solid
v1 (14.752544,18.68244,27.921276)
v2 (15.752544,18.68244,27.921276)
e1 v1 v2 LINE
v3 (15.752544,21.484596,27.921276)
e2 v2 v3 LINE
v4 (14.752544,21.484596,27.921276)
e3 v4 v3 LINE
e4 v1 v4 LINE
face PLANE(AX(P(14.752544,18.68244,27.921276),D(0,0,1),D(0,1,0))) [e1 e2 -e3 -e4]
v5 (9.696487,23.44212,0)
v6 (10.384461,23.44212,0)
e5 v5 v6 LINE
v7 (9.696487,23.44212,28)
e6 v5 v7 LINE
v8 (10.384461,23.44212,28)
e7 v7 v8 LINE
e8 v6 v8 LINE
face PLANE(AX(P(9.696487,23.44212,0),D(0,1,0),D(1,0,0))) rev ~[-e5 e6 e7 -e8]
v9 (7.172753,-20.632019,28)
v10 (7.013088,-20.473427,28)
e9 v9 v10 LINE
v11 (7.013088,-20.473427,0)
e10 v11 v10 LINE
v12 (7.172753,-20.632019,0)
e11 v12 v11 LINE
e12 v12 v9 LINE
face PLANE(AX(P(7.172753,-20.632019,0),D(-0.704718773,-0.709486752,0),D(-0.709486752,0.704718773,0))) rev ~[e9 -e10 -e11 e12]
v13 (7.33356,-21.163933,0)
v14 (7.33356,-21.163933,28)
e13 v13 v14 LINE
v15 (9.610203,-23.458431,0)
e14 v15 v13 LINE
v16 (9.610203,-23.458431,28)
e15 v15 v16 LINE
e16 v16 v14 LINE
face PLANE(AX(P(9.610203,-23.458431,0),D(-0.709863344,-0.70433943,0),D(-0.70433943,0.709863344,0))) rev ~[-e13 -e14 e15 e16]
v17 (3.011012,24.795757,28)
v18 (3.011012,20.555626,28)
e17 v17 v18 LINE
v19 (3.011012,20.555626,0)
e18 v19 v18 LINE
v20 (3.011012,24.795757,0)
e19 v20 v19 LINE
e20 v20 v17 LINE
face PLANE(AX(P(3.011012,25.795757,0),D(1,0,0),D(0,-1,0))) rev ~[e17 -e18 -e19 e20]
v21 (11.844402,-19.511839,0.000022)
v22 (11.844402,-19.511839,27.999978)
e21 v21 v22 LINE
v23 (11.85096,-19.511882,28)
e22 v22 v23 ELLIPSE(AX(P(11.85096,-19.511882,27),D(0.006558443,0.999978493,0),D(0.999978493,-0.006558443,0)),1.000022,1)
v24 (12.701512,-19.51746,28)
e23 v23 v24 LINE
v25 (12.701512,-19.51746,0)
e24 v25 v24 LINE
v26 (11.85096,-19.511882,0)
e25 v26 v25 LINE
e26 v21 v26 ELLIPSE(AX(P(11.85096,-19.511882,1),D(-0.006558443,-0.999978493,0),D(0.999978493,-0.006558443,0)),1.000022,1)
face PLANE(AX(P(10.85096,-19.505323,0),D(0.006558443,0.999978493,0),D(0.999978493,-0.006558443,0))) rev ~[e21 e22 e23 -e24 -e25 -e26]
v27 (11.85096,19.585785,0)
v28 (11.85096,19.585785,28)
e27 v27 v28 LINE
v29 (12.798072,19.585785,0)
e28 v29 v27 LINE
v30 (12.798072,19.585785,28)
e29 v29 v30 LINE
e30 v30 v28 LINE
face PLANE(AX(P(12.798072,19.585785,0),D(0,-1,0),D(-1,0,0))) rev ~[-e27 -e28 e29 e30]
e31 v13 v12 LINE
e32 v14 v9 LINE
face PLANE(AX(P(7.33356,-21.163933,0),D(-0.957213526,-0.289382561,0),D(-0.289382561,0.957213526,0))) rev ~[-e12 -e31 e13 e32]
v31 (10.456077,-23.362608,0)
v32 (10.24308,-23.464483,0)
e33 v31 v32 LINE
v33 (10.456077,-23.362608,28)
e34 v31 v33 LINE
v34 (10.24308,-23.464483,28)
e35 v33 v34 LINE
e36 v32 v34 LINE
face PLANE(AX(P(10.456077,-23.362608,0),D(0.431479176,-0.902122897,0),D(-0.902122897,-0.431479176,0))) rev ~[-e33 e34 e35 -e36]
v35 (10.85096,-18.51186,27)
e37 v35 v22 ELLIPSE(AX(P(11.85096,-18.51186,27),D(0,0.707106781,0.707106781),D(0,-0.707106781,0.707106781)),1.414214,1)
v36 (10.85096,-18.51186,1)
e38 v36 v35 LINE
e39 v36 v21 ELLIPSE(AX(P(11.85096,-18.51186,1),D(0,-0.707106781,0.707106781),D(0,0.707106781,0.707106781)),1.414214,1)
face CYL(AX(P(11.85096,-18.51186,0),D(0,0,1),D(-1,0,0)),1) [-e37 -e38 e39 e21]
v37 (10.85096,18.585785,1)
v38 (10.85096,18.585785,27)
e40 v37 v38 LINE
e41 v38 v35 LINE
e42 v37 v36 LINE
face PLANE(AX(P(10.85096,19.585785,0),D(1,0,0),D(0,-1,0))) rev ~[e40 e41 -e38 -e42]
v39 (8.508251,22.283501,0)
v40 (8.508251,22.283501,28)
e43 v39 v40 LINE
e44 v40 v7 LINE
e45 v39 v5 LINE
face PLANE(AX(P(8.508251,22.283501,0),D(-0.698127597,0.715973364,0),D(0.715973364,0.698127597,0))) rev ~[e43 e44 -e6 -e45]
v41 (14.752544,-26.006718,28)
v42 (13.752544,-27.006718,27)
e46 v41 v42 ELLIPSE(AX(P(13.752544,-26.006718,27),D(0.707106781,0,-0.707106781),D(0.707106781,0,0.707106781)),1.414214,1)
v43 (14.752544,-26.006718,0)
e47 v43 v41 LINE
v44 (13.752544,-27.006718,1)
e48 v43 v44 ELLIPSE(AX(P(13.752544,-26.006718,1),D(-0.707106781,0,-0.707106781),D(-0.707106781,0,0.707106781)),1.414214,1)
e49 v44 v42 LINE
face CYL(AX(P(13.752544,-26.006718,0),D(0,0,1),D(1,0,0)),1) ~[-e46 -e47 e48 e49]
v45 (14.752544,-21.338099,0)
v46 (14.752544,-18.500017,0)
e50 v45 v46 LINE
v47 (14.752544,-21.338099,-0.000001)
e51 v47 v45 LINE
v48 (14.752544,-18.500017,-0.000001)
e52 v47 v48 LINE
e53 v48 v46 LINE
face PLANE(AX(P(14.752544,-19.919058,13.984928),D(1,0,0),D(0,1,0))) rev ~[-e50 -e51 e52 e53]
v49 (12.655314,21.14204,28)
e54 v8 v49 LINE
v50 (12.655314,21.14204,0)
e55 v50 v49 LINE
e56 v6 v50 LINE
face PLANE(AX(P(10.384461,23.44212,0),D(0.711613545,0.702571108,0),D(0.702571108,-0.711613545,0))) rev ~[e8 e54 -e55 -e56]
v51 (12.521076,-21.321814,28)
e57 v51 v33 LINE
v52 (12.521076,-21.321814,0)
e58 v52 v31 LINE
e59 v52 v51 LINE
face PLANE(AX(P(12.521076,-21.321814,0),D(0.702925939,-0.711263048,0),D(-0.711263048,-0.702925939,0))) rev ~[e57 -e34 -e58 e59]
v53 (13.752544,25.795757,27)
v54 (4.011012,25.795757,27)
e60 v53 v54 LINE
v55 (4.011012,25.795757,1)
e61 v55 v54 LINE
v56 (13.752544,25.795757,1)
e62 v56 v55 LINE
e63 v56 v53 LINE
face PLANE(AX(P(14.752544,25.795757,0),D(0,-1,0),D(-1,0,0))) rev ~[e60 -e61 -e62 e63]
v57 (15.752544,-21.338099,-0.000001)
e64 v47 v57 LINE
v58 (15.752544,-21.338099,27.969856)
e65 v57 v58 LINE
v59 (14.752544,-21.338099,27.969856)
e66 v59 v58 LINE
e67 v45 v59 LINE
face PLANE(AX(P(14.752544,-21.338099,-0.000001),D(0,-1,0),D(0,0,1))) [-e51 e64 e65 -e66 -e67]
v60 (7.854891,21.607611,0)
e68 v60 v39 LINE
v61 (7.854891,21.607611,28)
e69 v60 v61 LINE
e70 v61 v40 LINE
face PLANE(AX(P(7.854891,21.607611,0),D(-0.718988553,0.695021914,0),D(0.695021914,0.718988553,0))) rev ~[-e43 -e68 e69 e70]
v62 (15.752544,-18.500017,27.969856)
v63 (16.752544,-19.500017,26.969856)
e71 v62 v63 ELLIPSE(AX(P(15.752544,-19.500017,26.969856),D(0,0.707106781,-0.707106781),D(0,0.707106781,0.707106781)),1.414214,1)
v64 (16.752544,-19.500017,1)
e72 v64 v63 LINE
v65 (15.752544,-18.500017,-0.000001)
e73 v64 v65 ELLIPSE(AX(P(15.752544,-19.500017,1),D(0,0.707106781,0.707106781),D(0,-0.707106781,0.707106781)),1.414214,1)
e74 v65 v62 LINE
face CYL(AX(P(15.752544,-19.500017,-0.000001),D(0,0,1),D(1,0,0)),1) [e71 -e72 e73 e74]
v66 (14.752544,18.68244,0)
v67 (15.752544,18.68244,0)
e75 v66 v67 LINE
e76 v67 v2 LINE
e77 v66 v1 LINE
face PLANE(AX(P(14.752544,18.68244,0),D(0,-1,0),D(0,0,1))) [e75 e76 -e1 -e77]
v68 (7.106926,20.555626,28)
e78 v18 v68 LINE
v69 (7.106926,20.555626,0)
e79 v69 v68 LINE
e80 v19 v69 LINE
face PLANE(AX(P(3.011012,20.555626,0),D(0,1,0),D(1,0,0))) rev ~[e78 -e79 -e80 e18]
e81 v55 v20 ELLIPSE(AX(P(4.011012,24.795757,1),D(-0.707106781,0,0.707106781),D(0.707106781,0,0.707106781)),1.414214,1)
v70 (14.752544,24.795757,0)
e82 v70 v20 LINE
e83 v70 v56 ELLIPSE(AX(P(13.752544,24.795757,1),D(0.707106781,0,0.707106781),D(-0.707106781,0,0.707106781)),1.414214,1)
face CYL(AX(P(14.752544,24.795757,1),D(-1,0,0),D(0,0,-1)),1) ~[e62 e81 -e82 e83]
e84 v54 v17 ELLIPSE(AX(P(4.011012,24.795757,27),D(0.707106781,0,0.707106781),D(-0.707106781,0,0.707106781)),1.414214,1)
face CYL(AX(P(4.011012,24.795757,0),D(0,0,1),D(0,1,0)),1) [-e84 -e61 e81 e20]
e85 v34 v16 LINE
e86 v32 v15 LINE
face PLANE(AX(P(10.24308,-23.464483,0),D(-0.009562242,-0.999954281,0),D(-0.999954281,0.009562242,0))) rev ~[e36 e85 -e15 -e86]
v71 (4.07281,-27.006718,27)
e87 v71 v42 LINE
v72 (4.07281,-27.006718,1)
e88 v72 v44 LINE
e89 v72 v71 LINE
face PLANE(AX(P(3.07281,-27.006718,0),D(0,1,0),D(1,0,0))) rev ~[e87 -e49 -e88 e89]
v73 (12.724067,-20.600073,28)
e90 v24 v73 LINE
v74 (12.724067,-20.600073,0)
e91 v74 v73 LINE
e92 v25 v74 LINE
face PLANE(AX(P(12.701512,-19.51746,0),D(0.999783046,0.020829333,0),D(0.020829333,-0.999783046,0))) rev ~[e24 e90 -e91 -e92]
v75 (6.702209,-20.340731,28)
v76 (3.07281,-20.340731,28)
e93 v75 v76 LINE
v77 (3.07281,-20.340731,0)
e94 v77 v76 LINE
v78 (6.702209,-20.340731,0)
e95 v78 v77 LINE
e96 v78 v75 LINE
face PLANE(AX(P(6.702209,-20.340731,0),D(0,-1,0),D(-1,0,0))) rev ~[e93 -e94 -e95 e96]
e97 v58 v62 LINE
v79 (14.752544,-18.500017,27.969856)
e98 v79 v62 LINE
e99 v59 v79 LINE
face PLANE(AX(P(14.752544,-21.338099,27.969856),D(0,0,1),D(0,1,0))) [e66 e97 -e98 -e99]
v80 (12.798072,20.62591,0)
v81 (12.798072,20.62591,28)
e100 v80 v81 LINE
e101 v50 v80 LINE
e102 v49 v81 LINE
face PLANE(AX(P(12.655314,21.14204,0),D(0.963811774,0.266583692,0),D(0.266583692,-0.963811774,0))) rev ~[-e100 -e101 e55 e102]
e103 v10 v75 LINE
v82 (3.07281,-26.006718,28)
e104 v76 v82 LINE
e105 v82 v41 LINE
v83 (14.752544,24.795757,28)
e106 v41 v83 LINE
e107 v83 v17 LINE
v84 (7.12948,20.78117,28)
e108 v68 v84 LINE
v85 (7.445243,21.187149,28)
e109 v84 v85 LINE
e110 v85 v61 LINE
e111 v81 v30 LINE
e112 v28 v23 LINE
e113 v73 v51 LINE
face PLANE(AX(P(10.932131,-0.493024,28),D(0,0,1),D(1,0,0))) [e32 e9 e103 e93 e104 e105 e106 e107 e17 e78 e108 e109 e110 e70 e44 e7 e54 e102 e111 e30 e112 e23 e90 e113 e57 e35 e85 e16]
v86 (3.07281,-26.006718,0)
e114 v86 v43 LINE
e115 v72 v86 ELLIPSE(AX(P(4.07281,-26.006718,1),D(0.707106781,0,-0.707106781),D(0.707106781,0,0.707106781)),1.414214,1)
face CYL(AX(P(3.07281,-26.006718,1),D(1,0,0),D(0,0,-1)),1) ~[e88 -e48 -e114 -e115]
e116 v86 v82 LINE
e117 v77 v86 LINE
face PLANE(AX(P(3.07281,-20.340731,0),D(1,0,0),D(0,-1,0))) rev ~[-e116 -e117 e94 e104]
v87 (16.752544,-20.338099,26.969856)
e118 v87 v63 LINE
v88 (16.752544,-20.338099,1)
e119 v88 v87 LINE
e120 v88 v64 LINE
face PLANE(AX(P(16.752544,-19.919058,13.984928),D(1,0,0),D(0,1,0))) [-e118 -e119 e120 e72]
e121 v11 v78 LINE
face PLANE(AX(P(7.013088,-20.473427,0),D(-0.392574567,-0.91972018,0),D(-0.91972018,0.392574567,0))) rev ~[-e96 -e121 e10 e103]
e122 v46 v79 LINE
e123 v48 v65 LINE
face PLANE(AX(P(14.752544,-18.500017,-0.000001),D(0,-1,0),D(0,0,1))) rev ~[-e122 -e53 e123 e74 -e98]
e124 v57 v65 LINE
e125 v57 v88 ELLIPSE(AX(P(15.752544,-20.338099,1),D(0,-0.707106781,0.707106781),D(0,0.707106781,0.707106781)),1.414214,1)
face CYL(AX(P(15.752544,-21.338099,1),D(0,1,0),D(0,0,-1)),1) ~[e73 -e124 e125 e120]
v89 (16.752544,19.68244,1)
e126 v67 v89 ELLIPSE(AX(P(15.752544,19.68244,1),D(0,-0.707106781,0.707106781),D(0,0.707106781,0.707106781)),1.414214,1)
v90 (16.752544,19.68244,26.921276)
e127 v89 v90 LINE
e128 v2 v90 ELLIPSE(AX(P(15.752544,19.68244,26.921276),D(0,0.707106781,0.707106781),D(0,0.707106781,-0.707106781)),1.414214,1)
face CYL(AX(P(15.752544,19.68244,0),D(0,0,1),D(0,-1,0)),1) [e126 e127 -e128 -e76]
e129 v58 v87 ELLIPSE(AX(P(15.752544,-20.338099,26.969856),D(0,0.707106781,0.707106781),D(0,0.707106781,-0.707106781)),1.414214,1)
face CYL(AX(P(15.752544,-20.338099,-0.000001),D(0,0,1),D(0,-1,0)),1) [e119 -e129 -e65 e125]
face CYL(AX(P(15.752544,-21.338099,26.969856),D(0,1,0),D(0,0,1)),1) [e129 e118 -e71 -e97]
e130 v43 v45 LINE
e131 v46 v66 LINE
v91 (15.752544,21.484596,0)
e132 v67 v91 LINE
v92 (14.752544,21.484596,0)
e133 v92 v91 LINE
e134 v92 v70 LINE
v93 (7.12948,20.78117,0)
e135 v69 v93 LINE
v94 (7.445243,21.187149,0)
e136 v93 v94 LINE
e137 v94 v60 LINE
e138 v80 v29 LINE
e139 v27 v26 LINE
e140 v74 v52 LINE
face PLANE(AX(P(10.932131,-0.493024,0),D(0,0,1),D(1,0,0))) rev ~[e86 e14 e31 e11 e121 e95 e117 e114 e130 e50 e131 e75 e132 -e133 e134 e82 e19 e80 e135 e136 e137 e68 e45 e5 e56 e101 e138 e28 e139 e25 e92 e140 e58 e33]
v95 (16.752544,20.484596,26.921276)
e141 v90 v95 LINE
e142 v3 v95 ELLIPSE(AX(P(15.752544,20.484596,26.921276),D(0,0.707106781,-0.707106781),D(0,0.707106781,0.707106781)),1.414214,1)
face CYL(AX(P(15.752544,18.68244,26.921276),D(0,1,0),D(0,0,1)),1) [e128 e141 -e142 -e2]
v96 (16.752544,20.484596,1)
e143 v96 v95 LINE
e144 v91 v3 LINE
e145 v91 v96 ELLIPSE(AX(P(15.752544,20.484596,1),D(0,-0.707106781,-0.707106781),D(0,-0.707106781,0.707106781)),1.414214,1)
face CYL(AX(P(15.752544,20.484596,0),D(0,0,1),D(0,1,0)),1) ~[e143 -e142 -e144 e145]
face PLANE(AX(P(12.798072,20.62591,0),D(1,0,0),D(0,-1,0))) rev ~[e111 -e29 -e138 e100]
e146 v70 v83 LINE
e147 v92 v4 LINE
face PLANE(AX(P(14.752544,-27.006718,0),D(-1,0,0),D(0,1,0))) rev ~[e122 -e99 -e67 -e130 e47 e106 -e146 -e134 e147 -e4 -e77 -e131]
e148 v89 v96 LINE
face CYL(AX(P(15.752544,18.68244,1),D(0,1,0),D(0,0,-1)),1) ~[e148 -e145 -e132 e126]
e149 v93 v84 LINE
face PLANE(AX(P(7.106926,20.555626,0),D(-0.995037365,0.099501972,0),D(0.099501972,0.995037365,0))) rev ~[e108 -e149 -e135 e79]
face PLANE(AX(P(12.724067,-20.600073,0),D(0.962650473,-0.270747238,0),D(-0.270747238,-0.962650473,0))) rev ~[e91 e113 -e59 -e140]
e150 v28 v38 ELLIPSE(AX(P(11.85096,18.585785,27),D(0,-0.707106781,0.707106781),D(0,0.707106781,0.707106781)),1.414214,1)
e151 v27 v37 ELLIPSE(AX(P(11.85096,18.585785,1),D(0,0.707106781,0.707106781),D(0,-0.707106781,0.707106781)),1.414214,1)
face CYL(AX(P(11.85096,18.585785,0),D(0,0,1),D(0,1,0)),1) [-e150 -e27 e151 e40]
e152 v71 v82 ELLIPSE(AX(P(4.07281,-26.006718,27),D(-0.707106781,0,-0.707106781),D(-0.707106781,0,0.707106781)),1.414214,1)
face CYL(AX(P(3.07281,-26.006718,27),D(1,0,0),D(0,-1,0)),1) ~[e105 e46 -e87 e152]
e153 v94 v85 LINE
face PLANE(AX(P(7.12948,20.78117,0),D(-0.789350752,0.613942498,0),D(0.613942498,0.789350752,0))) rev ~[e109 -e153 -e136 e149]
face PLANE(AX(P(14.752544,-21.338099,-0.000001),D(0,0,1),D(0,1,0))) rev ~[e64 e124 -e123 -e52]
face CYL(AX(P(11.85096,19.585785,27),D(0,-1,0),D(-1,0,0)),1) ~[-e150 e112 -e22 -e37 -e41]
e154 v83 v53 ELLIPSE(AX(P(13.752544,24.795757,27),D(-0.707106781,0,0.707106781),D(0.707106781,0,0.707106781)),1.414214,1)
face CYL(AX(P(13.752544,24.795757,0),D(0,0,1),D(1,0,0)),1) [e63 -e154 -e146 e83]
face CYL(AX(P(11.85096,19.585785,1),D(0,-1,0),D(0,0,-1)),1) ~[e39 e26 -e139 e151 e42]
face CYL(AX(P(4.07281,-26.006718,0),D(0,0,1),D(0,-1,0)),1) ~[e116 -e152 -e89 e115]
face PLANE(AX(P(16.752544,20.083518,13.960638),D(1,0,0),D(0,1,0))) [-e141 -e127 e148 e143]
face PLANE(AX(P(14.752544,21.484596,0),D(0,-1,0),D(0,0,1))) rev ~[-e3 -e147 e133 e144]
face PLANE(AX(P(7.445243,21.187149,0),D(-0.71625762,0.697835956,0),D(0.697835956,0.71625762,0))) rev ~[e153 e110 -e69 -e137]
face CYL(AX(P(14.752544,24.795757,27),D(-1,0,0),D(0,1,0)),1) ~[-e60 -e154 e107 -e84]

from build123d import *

# Parameters (mm, degrees)
PAD_DEPTH    = 28
SKETCH002_W  = 2.838082
SKETCH002_H  = 27.969857
PAD001_DEPTH = 2
FILLET_R     = 1
SKETCH003_W  = 2.802156
SKETCH003_H  = 27.921276
PAD002_DEPTH = 2
FILLET001_R  = 1
FILLET002_R  = 1
FILLET003_R  = 1
FILLET004_R  = 1


with BuildPart() as part:
    # Sketch001 → Pad (new body)
    with BuildSketch(Plane.XY):
        Polygon((7.12948, 20.78117), (7.445243, 21.187149), (7.854891, 21.607611), (8.508251, 22.283501), (9.696487, 23.44212), (10.384461, 23.44212), (12.655314, 21.14204), (12.798072, 20.62591), (12.798072, 19.983595), (12.798072, 19.585785), (10.85096, 19.585785), (10.85096, 17.475296), (10.85096, 14.854997), (10.85096, -19.505323), (12.701512, -19.51746), (12.724067, -20.600073), (12.521076, -21.321814), (10.456077, -23.362608), (10.24308, -23.464483), (9.610203, -23.458431), (7.33356, -21.163933), (7.172753, -20.632019), (7.013088, -20.473427), (6.702209, -20.340731), (3.07281, -20.340731), (3.07281, -27.006718), (14.752544, -27.006718), (14.752544, 25.795757), (3.011012, 25.795757), (3.011012, 20.555626), (7.106926, 20.555626), align=None)
    extrude(amount=PAD_DEPTH)

    # Sketch002 → Pad001 (new body)
    with BuildSketch(Plane.YZ.offset(14.752544)):
        with Locations((-19.919058, 13.984928)):
            Rectangle(SKETCH002_W, SKETCH002_H)
    extrude(amount=PAD001_DEPTH)

    # Fillet
    fillet_edges = [part.edges().sort_by_distance(p)[0] for p in [
        (16.752544, -19.919058, 27.969857),
        (16.752544, -18.500017, 13.984929),
        (16.752544, -19.919058, 0),
        (16.752544, -21.338099, 13.984929),
    ]]
    fillet(fillet_edges, radius=FILLET_R)

    # Sketch003 → Pad002 (new body)
    with BuildSketch(Plane.YZ.offset(14.752544)):
        with Locations((20.083518, 13.960638)):
            Rectangle(SKETCH003_W, SKETCH003_H)
    extrude(amount=PAD002_DEPTH)

    # Fillet001
    fillet001_edges = [part.edges().sort_by_distance(p)[0] for p in [
        (16.752544, 20.083518, 27.921276),
        (16.752544, 21.484596, 13.960638),
        (16.752544, 20.083518, 0),
        (16.752544, 18.68244, 13.960638),
    ]]
    fillet(fillet001_edges, radius=FILLET001_R)

    # Fillet002
    fillet002_edges = [part.edges().sort_by_distance(p)[0] for p in [
        (3.07281, -27.006718, 14),
        (14.752544, -27.006718, 14),
        (8.912677, -27.006718, 0),
        (8.912677, -27.006718, 28),
    ]]
    fillet(fillet002_edges, radius=FILLET002_R)

    # Fillet003
    fillet003_edges = [part.edges().sort_by_distance(p)[0] for p in [
        (14.752544, 25.795757, 14),
        (3.011012, 25.795757, 14),
        (8.881778, 25.795757, 0),
        (8.881778, 25.795757, 28),
    ]]
    fillet(fillet003_edges, radius=FILLET003_R)

    # Fillet004
    fillet004_edges = [part.edges().sort_by_distance(p)[0] for p in [
        (10.85096, 19.585785, 14),
        (10.85096, 0.040231, 0),
        (10.85096, -19.505323, 14),
        (10.85096, 0.040231, 28),
    ]]
    fillet(fillet004_edges, radius=FILLET004_R)


solid = part.part
